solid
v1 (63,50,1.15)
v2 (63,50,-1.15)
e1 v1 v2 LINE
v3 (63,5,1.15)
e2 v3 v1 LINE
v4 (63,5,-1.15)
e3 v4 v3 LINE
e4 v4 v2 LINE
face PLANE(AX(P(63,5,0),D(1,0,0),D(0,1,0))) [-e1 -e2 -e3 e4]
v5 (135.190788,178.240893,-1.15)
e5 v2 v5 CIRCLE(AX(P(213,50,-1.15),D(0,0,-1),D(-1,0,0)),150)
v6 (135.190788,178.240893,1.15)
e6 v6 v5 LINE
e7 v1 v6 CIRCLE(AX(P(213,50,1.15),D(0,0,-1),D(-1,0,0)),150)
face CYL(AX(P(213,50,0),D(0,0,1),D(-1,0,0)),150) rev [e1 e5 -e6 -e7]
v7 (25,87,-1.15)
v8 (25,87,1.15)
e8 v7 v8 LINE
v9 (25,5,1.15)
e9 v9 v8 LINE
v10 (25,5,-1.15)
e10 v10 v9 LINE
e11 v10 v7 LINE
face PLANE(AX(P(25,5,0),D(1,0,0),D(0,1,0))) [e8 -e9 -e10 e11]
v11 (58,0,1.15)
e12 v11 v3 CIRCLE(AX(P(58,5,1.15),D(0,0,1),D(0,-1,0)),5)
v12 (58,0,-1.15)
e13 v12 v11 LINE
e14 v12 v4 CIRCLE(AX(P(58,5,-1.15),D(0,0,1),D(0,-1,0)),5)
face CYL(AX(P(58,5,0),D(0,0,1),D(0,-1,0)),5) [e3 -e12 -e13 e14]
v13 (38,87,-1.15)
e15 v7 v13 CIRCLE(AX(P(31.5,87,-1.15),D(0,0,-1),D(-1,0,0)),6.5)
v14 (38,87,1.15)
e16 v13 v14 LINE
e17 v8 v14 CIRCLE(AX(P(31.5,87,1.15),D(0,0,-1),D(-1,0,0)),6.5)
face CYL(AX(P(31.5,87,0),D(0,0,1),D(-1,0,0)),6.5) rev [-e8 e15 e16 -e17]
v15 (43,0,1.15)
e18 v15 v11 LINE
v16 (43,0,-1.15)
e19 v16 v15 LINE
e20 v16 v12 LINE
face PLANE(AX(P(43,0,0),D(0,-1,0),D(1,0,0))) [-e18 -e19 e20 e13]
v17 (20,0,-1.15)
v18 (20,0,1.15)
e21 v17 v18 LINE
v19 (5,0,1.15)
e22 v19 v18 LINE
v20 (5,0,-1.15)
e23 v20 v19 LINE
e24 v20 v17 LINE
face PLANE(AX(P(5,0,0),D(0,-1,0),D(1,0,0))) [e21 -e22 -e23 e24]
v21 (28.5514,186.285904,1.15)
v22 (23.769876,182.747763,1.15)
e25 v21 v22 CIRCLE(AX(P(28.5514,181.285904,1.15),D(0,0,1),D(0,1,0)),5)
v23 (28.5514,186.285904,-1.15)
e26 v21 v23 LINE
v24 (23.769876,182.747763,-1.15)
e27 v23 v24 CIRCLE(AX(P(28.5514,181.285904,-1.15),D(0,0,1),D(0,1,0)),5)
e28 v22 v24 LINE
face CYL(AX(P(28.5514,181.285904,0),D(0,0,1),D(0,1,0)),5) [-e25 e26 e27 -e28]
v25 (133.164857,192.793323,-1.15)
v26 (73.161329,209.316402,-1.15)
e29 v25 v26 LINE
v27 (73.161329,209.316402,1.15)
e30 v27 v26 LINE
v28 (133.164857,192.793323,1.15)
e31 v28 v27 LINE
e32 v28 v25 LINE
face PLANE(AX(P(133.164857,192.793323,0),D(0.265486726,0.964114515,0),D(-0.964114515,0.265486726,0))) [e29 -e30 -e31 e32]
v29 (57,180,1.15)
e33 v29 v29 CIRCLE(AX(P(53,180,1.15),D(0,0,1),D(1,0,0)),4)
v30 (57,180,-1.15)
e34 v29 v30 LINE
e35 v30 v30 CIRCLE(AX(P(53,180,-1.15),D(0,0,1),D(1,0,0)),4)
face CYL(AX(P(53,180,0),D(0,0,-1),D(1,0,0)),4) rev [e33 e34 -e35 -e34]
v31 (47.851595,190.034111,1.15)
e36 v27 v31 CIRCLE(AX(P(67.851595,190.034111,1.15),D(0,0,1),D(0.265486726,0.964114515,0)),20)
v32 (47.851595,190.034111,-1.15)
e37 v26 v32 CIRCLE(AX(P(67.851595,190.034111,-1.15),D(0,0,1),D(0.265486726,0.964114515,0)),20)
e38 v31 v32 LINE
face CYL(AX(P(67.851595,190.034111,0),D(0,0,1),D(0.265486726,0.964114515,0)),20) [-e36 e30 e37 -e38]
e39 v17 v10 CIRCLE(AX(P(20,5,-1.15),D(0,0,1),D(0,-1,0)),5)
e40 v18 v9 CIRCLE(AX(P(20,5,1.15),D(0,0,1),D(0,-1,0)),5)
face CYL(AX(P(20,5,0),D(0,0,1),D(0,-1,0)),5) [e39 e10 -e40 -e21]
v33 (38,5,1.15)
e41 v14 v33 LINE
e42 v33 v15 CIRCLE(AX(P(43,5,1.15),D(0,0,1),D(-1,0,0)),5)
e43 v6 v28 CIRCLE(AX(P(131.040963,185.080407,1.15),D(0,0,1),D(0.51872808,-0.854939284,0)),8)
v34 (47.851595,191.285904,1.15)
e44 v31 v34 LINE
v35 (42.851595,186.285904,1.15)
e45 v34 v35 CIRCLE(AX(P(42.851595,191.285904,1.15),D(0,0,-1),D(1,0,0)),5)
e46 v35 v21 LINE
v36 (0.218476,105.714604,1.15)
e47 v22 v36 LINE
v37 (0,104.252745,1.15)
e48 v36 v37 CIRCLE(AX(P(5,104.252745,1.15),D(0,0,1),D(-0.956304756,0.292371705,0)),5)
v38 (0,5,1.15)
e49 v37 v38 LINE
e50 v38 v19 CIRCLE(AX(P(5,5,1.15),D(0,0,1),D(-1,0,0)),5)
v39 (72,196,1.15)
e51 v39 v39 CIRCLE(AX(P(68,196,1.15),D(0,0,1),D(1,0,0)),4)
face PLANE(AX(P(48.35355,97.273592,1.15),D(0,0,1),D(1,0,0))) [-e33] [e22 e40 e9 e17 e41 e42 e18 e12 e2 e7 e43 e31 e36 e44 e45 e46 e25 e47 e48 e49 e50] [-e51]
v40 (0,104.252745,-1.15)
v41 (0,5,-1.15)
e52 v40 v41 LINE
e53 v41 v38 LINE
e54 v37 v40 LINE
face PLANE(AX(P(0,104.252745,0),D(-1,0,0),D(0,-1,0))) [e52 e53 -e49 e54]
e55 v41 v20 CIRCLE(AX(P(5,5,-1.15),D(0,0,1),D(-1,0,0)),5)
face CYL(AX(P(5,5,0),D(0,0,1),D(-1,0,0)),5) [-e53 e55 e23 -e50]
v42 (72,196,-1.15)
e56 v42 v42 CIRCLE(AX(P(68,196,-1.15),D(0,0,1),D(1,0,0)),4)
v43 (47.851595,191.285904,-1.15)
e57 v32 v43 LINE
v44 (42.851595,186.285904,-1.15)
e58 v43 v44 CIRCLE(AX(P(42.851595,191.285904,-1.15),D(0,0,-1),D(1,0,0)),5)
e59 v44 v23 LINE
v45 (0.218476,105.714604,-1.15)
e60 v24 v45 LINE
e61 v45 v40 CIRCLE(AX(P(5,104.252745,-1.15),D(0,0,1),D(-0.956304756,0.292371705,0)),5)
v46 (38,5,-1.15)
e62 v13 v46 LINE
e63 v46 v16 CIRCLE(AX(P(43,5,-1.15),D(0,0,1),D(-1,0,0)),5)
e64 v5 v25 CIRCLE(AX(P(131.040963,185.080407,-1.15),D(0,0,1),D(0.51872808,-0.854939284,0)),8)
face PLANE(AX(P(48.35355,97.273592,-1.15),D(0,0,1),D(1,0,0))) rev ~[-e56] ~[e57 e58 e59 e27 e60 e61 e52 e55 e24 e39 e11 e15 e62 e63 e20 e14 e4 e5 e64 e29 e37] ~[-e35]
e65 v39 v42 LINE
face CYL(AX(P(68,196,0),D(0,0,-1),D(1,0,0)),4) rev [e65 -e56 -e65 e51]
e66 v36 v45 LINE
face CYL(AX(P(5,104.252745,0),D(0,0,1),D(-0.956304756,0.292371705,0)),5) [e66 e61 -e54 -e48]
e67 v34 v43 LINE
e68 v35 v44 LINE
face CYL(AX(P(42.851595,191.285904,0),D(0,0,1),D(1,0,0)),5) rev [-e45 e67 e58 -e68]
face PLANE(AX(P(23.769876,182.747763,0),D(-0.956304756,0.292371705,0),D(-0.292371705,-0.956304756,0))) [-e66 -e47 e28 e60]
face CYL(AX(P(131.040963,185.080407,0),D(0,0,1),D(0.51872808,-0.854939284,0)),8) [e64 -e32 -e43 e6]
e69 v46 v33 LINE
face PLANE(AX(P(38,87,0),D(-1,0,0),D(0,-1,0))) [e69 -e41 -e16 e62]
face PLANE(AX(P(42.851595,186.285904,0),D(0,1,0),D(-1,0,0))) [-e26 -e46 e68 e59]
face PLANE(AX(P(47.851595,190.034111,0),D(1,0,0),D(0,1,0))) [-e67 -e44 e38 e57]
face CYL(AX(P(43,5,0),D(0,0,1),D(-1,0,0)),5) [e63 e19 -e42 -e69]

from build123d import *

# Parameters (mm, degrees)
F0_R     = 4
F1_DEPTH = 1.15


with BuildPart() as f1:
    # F0 (on Top) → F1 (new body, symmetric)
    with BuildSketch(Plane.XY):
        with BuildLine():
            Line((0, 104.2527449933), (0, 5))
            ThreePointArc((0, 5), (1.4644660941, 1.4644660941), (5, 0))
            Line((5, 0), (20, 0))
            ThreePointArc((20, 0), (23.5355339059, 1.4644660941), (25, 5))
            Line((25, 5), (25, 87))
            ThreePointArc((25, 87), (31.5, 93.5), (38, 87))
            Line((38, 87), (38, 5))
            ThreePointArc((38, 5), (39.4644660941, 1.4644660941), (43, 0))
            Line((43, 0), (58, 0))
            ThreePointArc((58, 0), (61.5355339059, 1.4644660941), (63, 5))
            Line((63, 5), (63, 50))
            ThreePointArc((63, 50), (82.2877553457, 123.5819889472), (135.1907879657, 178.2408925523))
            ThreePointArc((135.1907879657, 178.2408925523), (138.9645479522, 186.183496409), (133.1648571292, 192.7933229436))
            Line((133.1648571292, 192.7933229436), (73.1613294147, 209.3164017371))
            ThreePointArc((73.1613294147, 209.3164017371), (55.7312543589, 205.9431448766), (47.8515949014, 190.0341114323))
            Line((47.8515949014, 190.0341114323), (47.8515949014, 191.2859042569))
            ThreePointArc((47.8515949014, 191.2859042569), (46.3871288074, 187.7503703509), (42.8515949014, 186.2859042569))
            Line((42.8515949014, 186.2859042569), (28.5514002766, 186.2859042569))
            ThreePointArc((28.5514002766, 186.2859042569), (25.5772863428, 185.3051885599), (23.7698764968, 182.7477627805))
            Line((23.7698764968, 182.7477627805), (0.2184762202, 105.7146035169))
            ThreePointArc((0.2184762202, 105.7146035169), (0.0549206832, 104.9917920489), (0, 104.2527449933))
        make_face()
        with Locations((53, 180)):
            Circle(F0_R, mode=Mode.SUBTRACT)
        with Locations((68, 196)):
            Circle(F0_R, mode=Mode.SUBTRACT)
    extrude(amount=F1_DEPTH, both=True)


solid = f1.part
